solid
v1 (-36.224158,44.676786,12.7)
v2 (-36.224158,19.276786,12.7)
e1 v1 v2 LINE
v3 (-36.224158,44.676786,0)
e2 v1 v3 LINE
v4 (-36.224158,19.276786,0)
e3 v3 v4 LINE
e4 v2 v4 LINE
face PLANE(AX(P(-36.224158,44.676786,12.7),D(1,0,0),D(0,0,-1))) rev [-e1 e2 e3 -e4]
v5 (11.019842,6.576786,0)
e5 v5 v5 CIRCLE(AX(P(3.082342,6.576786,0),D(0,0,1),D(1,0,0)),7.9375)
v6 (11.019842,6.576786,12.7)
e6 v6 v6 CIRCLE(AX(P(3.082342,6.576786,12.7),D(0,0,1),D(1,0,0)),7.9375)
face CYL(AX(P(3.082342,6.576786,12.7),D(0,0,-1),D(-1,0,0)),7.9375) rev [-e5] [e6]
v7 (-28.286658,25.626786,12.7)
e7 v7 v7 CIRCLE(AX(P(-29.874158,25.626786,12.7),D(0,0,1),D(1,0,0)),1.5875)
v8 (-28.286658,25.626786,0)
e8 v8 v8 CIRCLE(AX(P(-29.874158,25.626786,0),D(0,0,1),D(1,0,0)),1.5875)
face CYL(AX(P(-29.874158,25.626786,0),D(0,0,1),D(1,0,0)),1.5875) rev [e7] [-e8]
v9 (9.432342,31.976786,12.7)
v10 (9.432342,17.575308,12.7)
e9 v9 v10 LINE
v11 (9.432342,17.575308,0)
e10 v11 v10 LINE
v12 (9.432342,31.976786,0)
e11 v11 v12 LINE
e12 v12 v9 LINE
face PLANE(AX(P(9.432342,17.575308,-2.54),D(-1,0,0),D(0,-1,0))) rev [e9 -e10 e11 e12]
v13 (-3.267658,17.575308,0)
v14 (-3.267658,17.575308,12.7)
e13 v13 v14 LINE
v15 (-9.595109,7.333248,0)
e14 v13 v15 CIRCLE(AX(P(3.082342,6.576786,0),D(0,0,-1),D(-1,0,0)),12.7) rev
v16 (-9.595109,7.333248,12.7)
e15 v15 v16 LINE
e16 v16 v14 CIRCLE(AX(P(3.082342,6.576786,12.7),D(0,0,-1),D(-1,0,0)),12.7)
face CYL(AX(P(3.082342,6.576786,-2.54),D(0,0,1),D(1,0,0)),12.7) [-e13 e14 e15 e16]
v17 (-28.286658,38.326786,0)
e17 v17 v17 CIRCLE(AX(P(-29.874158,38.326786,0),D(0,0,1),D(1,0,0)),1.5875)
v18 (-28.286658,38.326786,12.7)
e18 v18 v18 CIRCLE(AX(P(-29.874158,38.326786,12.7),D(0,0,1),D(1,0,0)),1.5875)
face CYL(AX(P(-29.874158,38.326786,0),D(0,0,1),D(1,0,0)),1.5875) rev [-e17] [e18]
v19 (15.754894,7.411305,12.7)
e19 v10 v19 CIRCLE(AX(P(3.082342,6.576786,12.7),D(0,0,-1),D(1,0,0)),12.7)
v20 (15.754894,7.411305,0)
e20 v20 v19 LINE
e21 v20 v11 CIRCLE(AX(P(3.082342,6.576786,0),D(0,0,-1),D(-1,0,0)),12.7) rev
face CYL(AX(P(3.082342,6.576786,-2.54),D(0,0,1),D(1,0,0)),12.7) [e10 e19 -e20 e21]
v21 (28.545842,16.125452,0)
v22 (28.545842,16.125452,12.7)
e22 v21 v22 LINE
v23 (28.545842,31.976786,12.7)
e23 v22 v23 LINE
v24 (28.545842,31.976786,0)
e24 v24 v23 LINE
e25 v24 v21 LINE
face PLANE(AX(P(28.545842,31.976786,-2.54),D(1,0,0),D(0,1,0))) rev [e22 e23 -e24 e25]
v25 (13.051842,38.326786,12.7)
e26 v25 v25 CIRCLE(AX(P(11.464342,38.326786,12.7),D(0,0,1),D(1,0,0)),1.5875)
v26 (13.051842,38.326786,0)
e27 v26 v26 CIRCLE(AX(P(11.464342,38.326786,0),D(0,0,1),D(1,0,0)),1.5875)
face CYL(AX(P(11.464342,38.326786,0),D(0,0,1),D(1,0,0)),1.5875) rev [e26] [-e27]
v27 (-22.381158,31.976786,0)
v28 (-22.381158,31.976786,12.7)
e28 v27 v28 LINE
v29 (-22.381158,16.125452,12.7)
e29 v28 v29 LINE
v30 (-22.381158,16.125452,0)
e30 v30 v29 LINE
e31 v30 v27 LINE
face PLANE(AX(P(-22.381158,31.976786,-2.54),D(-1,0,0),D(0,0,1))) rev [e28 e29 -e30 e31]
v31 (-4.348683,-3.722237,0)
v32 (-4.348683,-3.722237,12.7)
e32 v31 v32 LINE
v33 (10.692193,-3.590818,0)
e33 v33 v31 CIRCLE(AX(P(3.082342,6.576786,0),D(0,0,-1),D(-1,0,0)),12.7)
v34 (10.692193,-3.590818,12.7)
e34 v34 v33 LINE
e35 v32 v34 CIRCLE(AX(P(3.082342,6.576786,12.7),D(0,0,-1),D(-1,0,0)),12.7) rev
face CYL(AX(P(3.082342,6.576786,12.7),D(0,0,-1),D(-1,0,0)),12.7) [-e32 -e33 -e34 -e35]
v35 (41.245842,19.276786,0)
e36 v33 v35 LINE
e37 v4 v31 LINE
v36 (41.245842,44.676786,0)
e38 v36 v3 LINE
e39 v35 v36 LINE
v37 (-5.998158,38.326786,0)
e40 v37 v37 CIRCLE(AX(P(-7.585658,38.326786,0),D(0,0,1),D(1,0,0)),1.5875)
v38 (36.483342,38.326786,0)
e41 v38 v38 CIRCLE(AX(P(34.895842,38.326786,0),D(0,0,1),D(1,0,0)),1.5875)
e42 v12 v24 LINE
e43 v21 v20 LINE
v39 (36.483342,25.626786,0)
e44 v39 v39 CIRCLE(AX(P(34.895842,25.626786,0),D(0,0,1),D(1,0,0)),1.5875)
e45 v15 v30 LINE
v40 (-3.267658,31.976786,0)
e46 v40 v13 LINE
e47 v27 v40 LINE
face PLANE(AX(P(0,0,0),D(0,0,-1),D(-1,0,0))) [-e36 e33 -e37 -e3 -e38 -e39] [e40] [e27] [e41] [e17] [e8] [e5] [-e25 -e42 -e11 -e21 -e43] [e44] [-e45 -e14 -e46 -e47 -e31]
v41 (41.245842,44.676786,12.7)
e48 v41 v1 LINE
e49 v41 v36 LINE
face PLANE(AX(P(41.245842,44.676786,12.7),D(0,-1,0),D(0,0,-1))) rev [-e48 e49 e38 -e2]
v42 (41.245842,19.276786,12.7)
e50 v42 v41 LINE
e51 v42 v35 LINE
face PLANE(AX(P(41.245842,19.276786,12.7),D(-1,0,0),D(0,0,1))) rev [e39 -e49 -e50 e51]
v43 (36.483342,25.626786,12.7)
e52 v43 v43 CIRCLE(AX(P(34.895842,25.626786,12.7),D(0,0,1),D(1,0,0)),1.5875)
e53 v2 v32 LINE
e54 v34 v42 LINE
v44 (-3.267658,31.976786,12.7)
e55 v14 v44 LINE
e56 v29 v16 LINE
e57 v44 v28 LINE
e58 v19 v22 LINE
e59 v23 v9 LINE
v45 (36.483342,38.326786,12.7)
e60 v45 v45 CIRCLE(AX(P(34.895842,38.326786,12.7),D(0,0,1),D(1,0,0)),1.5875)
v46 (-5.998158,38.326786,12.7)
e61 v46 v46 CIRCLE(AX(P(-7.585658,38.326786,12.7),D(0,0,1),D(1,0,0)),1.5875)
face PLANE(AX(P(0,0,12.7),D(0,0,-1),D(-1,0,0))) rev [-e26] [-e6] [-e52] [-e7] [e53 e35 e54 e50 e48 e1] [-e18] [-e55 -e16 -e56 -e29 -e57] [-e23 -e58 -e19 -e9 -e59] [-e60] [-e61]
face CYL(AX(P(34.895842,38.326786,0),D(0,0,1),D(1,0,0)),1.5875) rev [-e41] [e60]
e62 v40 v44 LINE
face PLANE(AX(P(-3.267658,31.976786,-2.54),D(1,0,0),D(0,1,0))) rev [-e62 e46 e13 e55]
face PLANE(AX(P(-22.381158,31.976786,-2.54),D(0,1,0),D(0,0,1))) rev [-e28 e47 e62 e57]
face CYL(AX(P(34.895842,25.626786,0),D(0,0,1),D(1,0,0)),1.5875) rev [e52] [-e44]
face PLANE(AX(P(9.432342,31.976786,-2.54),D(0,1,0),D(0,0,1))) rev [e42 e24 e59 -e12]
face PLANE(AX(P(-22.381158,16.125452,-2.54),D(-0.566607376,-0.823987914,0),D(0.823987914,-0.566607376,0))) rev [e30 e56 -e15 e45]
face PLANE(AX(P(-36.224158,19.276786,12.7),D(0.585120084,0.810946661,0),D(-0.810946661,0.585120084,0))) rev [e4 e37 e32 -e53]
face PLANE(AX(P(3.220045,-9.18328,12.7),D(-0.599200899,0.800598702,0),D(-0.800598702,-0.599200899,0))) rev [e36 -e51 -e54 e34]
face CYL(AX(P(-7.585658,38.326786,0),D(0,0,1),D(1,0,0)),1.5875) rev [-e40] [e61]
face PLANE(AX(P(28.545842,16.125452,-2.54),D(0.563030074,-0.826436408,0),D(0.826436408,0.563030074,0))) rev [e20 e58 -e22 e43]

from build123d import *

# Parameters (mm, degrees)
SKETCH1_R           = 7.9375
BOSS_EXTRUDE1_DEPTH = 12.7
SKETCH2_R           = 1.5875
CUT_EXTRUDE1_DEPTH  = 12.7
CUT_EXTRUDE2_DEPTH  = 15.24
FILLET1_R           = 12.7


with BuildPart() as part:
    # Sketch1 → Boss-Extrude1 (new body)
    with BuildSketch(Plane.XY):
        Polygon((41.245841837, 19.276785714), (41.245841837, 44.676785714), (-36.224158163, 44.676785714), (-36.224158163, 19.276785714), (3.2200448, -9.183280125), align=None)
        with Locations((3.082341837, 6.576785714)):
            Circle(SKETCH1_R, mode=Mode.SUBTRACT)
    extrude(amount=BOSS_EXTRUDE1_DEPTH)

    # Sketch2 → Cut-Extrude1 (cut)
    with BuildSketch(Plane.XY.offset(12.7)):
        with Locations((-29.874158163, 38.326785714)):
            Circle(SKETCH2_R)
        with Locations((-29.874158163, 25.626785714)):
            Circle(SKETCH2_R)
        with Locations((34.895841837, 38.326785714)):
            Circle(SKETCH2_R)
        with Locations((34.895841837, 25.626785714)):
            Circle(SKETCH2_R)
        with Locations((-7.585658163, 38.326785714)):
            Circle(SKETCH2_R)
        with Locations((11.464341837, 38.326785714)):
            Circle(SKETCH2_R)
    extrude(amount=-CUT_EXTRUDE1_DEPTH, mode=Mode.SUBTRACT)

    # Sketch3 → Cut-Extrude2 (cut)
    with BuildSketch(Plane.XY.offset(12.7)):
        with BuildLine():
            Line((-22.381158163, 31.976785714), (-3.267658163, 31.976785714))
            Line((-3.267658163, 31.976785714), (-3.267658163, 17.575308342))
            ThreePointArc((-3.267658163, 17.575308342), (-7.722098193, 13.251669657), (-9.595109212, 7.333247809))
            Line((-9.595109212, 7.333247809), (-22.381158163, 16.12545158))
            Line((-22.381158163, 16.12545158), (-22.381158163, 31.976785714))
        make_face()
        with BuildLine():
            Line((9.432341837, 17.575308342), (9.432341837, 31.976785714))
            Line((9.432341837, 31.976785714), (28.545841837, 31.976785714))
            Line((28.545841837, 31.976785714), (28.545841837, 16.12545158))
            Line((28.545841837, 16.12545158), (15.754893995, 7.41130462))
            ThreePointArc((15.754893995, 7.41130462), (13.866177683, 13.284906497), (9.432341837, 17.575308342))
        make_face()
    extrude(amount=-CUT_EXTRUDE2_DEPTH, mode=Mode.SUBTRACT)

    # Fillet1
    fillet1_edges = [part.edges().sort_by_distance(p)[0] for p in [
        (3.2200448, -9.183280125, 6.35),
    ]]
    fillet(fillet1_edges, radius=FILLET1_R)


solid = part.part
